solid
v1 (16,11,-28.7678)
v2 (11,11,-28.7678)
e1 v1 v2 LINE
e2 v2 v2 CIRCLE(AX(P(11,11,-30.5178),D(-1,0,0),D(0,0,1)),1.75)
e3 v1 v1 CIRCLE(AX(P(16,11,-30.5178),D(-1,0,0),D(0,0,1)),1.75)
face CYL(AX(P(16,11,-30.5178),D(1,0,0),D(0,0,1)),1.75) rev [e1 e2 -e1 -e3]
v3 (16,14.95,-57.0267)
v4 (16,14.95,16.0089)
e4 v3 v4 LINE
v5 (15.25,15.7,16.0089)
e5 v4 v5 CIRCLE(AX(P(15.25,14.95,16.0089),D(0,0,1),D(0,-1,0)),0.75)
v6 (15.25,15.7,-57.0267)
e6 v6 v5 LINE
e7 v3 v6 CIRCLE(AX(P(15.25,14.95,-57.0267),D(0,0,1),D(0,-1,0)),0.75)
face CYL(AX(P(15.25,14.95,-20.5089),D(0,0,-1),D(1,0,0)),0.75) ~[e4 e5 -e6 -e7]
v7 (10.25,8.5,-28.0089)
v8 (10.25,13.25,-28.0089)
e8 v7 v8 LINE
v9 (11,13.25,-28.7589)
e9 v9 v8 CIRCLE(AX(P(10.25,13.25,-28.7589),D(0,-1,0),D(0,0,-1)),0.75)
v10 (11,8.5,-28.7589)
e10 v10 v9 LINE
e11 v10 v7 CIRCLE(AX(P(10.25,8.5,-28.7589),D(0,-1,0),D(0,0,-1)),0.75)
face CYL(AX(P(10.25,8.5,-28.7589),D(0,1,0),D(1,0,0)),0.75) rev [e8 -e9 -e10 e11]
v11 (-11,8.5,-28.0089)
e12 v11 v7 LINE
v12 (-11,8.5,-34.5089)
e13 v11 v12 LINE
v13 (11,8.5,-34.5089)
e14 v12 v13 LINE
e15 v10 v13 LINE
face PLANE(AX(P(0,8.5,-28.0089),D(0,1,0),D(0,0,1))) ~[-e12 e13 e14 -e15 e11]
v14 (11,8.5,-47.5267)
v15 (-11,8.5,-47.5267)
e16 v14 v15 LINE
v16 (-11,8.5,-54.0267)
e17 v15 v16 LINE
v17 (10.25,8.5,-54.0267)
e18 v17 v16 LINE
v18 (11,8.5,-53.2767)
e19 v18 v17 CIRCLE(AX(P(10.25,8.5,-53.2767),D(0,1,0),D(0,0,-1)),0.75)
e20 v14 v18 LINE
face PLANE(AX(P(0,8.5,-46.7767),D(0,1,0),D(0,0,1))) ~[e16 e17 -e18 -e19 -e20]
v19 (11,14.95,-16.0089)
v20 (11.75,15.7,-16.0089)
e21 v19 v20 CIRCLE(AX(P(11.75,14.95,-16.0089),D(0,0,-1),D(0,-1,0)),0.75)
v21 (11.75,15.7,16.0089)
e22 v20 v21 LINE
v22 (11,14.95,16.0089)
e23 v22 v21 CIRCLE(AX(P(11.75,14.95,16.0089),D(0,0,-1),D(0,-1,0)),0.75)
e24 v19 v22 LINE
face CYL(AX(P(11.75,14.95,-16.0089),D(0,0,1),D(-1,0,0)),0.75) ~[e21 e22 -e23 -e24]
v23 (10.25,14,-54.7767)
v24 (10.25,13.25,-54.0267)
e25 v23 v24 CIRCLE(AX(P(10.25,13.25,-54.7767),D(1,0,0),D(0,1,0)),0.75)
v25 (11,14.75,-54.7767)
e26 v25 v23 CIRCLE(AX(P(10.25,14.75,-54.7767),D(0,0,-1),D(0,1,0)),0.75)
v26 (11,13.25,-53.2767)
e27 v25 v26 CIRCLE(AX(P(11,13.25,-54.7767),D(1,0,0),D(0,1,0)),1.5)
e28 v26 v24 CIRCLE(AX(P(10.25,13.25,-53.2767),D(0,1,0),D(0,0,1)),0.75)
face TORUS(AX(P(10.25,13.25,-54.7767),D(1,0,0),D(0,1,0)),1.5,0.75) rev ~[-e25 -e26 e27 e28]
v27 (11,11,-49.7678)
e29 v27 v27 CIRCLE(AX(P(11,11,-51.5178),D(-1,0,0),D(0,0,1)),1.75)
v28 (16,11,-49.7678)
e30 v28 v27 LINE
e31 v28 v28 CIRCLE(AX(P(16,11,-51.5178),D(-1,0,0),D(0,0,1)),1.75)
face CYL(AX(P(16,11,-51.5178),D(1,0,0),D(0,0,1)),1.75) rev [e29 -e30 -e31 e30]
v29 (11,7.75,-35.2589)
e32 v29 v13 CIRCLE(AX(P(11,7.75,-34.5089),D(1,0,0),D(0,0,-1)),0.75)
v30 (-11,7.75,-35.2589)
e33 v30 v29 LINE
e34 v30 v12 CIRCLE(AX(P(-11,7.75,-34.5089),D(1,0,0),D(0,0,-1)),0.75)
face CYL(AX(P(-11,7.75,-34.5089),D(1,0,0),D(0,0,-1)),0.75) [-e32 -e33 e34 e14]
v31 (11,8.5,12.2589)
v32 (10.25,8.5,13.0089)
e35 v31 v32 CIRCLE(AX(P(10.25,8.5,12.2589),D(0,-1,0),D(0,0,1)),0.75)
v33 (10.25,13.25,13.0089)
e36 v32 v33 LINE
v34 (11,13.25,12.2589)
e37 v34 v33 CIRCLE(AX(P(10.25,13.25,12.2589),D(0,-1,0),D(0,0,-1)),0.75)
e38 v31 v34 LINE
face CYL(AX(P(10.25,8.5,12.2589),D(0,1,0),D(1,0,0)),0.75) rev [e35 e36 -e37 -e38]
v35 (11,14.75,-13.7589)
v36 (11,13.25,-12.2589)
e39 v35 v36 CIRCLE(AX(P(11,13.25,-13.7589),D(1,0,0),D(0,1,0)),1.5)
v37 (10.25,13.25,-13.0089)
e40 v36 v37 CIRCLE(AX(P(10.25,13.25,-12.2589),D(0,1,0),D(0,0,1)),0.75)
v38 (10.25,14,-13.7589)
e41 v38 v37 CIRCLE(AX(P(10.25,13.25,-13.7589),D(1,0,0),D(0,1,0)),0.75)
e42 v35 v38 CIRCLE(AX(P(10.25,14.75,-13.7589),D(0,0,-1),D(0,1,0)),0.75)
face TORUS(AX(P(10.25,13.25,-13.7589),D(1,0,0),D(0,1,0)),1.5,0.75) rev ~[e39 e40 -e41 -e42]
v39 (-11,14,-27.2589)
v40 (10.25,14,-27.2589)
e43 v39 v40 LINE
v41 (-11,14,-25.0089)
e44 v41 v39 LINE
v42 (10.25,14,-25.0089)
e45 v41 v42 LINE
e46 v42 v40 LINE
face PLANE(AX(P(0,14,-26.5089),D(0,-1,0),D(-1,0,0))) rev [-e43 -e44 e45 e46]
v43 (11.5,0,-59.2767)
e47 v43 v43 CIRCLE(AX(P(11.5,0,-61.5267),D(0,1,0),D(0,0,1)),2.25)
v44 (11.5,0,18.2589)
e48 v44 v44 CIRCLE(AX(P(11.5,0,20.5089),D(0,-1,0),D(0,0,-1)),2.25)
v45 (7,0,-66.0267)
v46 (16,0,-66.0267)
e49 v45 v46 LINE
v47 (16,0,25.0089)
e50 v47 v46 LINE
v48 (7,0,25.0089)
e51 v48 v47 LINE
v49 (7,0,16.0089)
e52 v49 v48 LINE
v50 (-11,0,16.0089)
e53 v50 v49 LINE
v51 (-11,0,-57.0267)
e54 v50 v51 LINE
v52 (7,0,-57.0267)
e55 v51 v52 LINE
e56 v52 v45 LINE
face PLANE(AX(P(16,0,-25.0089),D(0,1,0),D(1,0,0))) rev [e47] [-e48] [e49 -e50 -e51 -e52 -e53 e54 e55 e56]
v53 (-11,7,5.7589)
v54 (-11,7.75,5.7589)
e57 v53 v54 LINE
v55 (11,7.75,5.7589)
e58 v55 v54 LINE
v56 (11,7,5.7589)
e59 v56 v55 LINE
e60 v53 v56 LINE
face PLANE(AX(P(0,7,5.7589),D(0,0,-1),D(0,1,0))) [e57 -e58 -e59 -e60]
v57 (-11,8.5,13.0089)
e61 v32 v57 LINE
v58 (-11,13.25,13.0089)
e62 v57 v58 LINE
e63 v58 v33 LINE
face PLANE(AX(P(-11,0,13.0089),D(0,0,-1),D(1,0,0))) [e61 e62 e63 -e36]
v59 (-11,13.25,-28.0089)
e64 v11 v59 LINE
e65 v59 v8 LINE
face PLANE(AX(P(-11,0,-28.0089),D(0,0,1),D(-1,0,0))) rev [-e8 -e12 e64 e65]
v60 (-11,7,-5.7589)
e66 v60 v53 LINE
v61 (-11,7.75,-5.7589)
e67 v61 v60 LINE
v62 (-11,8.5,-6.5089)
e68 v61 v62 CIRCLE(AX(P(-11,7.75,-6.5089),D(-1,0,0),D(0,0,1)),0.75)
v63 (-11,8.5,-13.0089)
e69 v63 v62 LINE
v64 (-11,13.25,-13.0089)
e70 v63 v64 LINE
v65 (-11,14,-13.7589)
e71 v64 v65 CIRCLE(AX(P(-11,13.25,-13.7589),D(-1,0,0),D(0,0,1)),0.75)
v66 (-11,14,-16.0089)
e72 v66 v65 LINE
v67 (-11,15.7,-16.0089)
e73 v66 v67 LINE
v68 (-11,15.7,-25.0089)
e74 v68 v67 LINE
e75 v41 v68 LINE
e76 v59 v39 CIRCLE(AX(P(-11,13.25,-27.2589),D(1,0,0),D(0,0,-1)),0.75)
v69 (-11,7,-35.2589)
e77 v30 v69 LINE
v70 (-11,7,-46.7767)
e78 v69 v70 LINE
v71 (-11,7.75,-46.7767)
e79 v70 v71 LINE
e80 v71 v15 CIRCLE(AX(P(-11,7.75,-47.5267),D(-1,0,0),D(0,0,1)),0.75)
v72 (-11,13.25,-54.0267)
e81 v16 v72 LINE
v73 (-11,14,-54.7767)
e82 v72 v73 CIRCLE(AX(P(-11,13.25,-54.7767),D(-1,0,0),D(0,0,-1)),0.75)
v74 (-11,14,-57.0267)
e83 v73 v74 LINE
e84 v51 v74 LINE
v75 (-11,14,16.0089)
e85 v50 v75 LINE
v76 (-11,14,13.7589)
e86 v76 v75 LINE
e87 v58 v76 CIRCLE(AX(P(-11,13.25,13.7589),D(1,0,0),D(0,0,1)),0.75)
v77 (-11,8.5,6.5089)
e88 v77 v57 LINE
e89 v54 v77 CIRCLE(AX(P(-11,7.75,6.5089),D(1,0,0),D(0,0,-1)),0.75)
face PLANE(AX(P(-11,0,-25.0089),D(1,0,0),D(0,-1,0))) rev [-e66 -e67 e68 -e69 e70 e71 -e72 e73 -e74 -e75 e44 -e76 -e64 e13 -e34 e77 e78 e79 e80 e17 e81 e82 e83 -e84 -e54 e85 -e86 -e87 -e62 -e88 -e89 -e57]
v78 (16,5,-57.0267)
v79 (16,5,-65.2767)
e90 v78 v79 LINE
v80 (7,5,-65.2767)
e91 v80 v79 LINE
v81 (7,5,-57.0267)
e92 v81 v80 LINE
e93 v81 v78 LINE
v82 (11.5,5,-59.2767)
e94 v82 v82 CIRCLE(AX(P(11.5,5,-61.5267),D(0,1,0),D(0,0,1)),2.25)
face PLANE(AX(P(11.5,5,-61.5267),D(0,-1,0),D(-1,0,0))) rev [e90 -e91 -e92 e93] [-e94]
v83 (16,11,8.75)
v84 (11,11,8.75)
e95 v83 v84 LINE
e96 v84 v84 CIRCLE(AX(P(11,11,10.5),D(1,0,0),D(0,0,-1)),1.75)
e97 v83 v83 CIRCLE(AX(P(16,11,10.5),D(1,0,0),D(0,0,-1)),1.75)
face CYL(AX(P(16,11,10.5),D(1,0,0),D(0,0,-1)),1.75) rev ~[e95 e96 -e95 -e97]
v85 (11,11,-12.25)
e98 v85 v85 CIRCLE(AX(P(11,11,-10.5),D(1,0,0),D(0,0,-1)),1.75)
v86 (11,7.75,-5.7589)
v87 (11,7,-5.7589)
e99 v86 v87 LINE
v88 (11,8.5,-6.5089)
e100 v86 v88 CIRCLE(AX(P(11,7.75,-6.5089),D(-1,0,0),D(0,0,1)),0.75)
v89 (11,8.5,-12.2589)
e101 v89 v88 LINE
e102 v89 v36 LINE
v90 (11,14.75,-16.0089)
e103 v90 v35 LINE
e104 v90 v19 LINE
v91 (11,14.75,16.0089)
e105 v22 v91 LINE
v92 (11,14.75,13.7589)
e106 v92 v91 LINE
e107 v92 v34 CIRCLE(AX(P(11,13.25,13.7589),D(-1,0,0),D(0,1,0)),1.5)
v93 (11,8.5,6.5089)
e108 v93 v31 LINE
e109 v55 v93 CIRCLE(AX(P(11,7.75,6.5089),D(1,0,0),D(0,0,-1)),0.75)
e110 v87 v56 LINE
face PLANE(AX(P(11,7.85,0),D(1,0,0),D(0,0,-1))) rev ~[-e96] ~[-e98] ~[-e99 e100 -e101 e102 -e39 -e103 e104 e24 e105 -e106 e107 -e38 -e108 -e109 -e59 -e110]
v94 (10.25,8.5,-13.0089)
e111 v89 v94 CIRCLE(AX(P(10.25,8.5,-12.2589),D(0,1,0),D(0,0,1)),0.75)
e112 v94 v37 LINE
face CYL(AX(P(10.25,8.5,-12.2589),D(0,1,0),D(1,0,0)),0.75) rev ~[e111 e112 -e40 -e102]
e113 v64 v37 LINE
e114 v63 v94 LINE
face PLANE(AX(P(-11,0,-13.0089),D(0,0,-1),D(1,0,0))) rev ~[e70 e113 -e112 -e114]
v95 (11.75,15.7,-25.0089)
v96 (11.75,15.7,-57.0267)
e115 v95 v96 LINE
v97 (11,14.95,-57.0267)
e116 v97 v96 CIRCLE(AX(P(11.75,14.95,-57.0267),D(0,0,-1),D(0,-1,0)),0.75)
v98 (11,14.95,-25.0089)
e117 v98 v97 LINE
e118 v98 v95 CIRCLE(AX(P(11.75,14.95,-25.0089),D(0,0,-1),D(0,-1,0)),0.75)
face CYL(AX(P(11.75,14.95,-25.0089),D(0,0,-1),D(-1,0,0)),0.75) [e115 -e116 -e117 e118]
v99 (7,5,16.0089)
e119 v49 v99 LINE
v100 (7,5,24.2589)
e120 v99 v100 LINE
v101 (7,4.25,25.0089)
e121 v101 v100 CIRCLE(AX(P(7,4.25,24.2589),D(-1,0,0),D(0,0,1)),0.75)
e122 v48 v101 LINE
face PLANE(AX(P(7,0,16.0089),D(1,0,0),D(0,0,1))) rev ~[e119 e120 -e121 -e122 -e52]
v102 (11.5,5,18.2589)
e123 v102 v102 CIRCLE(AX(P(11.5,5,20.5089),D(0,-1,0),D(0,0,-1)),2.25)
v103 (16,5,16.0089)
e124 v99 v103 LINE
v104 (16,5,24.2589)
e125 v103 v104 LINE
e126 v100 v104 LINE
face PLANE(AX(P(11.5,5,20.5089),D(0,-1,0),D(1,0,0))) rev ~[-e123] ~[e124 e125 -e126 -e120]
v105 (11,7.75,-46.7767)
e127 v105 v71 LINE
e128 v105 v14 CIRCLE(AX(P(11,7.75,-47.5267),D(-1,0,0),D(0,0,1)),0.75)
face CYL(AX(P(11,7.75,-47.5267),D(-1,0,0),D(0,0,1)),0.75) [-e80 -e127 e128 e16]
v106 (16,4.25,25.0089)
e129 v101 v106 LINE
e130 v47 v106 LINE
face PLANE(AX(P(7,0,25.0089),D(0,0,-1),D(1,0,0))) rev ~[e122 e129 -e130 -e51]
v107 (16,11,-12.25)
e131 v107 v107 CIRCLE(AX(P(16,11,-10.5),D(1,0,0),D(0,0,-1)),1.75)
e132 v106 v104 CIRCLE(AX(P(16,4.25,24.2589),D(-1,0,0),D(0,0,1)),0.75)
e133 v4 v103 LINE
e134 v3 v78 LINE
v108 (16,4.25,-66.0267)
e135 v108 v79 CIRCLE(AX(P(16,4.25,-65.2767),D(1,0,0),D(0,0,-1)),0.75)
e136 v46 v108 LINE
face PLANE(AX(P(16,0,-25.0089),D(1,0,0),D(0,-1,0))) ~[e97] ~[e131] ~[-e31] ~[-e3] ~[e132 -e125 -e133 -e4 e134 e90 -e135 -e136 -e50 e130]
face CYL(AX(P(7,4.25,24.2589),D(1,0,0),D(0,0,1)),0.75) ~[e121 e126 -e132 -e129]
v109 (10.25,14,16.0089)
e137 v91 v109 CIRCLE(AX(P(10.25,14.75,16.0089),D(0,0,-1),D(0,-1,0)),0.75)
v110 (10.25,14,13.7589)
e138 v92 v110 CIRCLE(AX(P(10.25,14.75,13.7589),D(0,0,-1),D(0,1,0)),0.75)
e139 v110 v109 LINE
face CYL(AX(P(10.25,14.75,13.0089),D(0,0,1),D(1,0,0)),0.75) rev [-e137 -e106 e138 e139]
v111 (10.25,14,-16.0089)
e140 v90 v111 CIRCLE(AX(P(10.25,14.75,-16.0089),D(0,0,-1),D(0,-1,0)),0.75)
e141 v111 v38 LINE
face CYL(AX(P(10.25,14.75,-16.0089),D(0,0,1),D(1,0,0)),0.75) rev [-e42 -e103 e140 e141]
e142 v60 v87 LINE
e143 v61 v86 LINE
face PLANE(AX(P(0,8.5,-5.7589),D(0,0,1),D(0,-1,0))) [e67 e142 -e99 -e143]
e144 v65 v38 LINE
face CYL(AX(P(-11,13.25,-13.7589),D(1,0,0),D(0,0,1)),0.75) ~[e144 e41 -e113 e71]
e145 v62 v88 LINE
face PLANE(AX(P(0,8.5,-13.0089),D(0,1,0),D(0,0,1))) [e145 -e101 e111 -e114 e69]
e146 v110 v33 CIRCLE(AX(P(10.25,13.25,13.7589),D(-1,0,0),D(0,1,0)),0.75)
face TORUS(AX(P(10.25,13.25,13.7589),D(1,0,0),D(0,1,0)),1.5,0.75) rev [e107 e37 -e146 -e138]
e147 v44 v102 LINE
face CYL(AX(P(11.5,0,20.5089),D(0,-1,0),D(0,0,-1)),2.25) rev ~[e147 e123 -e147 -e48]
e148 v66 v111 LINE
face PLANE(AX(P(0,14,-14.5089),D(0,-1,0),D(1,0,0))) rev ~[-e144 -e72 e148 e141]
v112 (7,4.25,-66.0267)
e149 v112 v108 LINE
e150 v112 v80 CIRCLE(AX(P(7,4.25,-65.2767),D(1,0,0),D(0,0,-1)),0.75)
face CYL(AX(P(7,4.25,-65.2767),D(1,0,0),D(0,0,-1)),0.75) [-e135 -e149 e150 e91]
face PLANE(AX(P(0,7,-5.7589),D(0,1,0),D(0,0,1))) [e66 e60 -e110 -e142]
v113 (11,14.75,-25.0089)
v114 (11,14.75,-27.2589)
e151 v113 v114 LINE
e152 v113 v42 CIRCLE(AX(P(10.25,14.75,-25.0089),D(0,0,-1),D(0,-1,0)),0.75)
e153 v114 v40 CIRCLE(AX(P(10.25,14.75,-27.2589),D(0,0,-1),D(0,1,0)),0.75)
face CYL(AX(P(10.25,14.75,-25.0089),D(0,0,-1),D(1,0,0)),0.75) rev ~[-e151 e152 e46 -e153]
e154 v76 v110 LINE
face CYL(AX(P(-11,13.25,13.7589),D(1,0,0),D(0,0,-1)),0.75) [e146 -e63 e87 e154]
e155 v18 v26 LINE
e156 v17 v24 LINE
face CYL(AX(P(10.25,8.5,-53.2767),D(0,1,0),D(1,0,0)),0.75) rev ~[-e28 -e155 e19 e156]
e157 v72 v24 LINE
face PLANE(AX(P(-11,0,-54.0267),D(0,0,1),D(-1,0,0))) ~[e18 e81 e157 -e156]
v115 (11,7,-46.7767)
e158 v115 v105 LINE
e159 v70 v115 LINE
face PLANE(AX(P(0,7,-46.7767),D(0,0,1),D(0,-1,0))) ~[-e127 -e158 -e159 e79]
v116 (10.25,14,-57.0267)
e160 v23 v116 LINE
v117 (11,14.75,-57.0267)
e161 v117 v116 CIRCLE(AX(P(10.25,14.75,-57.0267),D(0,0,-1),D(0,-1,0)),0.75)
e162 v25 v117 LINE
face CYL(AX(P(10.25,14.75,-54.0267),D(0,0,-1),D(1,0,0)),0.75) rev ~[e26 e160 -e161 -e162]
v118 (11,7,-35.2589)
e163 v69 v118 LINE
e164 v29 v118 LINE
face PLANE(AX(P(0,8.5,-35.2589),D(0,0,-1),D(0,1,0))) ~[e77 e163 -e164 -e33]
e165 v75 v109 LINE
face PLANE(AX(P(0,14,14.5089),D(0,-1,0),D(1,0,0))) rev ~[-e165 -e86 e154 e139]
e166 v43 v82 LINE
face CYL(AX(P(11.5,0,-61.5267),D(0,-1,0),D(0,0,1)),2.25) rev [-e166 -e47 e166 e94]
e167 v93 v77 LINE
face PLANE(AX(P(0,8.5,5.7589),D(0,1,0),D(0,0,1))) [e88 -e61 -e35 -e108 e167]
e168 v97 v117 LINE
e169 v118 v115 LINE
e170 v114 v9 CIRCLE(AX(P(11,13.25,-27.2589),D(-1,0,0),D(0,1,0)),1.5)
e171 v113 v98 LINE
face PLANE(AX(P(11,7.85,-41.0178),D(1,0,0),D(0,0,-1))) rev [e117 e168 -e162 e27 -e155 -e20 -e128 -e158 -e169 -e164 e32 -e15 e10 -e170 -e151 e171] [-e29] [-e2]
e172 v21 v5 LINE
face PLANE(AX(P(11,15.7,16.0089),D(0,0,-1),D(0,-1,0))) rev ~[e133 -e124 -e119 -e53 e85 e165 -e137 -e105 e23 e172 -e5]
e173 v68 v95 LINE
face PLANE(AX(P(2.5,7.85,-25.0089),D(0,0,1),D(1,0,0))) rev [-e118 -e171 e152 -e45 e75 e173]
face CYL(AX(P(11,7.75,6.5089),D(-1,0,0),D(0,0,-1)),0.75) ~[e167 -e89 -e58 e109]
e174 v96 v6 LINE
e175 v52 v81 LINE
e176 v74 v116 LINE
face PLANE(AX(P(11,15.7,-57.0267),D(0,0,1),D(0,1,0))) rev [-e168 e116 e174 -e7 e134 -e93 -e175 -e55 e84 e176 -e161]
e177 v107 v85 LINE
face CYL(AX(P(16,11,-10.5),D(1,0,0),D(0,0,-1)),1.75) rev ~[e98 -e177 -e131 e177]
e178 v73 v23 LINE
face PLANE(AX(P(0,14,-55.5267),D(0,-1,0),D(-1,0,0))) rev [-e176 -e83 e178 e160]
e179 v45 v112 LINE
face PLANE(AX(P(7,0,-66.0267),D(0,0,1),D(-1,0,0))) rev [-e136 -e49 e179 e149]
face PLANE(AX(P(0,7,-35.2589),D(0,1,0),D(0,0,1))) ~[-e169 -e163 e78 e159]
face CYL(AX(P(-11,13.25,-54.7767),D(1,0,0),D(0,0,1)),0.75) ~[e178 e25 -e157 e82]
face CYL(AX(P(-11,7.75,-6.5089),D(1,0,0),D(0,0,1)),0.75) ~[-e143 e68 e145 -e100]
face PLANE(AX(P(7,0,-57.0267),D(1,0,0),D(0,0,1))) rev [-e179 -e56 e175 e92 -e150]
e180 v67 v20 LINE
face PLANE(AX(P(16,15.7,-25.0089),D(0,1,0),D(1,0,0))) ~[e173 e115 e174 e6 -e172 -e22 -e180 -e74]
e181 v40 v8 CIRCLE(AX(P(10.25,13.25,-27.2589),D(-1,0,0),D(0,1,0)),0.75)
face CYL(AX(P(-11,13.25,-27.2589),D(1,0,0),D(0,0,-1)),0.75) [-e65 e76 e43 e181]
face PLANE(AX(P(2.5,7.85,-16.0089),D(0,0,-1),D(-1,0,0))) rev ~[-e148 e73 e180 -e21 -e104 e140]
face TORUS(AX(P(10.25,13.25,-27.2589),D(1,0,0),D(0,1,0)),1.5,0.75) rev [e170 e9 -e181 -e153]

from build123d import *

# Parameters (mm, degrees)
BOSS_EXTRUDE1_DEPTH = 11
SKETCH3_W           = 22
SKETCH3_H           = 3
BOSS_EXTRUDE2_DEPTH = 14
BOSS_EXTRUDE3_DEPTH = 5
SKETCH5_R           = 1.75
CUT_EXTRUDE1_DEPTH  = 36.096650541
SKETCH6_W           = 9
SKETCH6_H           = 9
BOSS_EXTRUDE4_DEPTH = 5
SKETCH10_R          = 2.25
CUT_EXTRUDE2_DEPTH  = 34.584744739
SKETCH8_W           = 27
SKETCH8_H           = 15.7
BOSS_EXTRUDE5_DEPTH = 4.5
FILLET1_R           = 0.75


with BuildPart() as part:
    # Sketch1 → Boss-Extrude1 (new, symmetric)
    with BuildSketch(Plane(origin=(0, 0, 0), x_dir=(0, 0, -1), z_dir=(1, 0, 0))):
        Polygon((-13.0089, 0), (13.0089, 0), (13.0089, 8.5), (5.7589, 8.5), (5.7589, 7), (-5.7589, 7), (-5.7589, 8.5), (-13.0089, 8.5), align=None)
    extrude(amount=BOSS_EXTRUDE1_DEPTH, both=True)

    # Sketch3 → Boss-Extrude2 (add)
    with BuildSketch(Plane.XZ):
        with Locations((0, -14.5089)):
            Rectangle(SKETCH3_W, SKETCH3_H)
        with Locations((0, 14.5089)):
            Rectangle(SKETCH3_W, SKETCH3_H)
    extrude(amount=-BOSS_EXTRUDE2_DEPTH)

    # Sketch4 → Boss-Extrude3 (add)
    with BuildSketch(Plane(origin=(11, 0, 0), x_dir=(0, 0, -1), z_dir=(1, 0, 0))):
        Polygon((-8.8, 15.7), (-16.0089, 15.7), (-16.0089, 0), (16.0089, 0), (16.0089, 15.7), align=None)
    extrude(amount=BOSS_EXTRUDE3_DEPTH)

    # Sketch5 → Cut-Extrude1 (cut, through all)
    with BuildSketch(Plane(origin=(16, 0, 0), x_dir=(0, 0, -1), z_dir=(1, 0, 0))):
        with Locations((-10.5, 11)):
            Circle(SKETCH5_R)
        with Locations((10.5, 11)):
            Circle(SKETCH5_R)
    extrude(amount=-CUT_EXTRUDE1_DEPTH, mode=Mode.SUBTRACT)

    # Sketch6 → Boss-Extrude4 (add)
    with BuildSketch(Plane.XZ):
        with Locations((11.5, 20.5089)):
            Rectangle(SKETCH6_W, SKETCH6_H)
    extrude(amount=-BOSS_EXTRUDE4_DEPTH)

    # Sketch10 → Cut-Extrude2 (cut, through all)
    with BuildSketch(Plane.XZ):
        with Locations(Location((11.5, 20.5089, 0), (0, 0, 270))):
            Circle(SKETCH10_R)
    extrude(amount=-CUT_EXTRUDE2_DEPTH, mode=Mode.SUBTRACT)

    # Sketch8 → Boss-Extrude5 (add)
    with BuildSketch(Plane(origin=(0, 0, -16.0089), x_dir=(-1, 0, 0), z_dir=(0, 0, -1))):
        with Locations((-2.5, 7.85)):
            Rectangle(SKETCH8_W, SKETCH8_H)
    extrude(amount=BOSS_EXTRUDE5_DEPTH)

    # Fillet1
    fillet1_edges = [part.edges().sort_by_distance(p)[0] for p in [
        (0, 8.5, 5.7589),
        (0, 8.5, -5.7589),
        (0, 14, -13.0089),
        (11, 14, -14.5089),
        (11, 11.25, -13.0089),
        (11, 14, 14.5089),
        (11, 11.25, 13.0089),
        (0, 14, 13.0089),
        (11, 15.7, 0),
        (16, 15.7, -2.25),
        (11.5, 5, 25.0089),
    ]]
    fillet(fillet1_edges, radius=FILLET1_R)

    # Mirror6: part across plane


with BuildPart() as part_1:
    add(part.part)
    add(part.part.mirror(Plane(origin=(0, 0, -20.5089), x_dir=(1, 0, 0), z_dir=(0, 0, -1))))


solid = part_1.part
